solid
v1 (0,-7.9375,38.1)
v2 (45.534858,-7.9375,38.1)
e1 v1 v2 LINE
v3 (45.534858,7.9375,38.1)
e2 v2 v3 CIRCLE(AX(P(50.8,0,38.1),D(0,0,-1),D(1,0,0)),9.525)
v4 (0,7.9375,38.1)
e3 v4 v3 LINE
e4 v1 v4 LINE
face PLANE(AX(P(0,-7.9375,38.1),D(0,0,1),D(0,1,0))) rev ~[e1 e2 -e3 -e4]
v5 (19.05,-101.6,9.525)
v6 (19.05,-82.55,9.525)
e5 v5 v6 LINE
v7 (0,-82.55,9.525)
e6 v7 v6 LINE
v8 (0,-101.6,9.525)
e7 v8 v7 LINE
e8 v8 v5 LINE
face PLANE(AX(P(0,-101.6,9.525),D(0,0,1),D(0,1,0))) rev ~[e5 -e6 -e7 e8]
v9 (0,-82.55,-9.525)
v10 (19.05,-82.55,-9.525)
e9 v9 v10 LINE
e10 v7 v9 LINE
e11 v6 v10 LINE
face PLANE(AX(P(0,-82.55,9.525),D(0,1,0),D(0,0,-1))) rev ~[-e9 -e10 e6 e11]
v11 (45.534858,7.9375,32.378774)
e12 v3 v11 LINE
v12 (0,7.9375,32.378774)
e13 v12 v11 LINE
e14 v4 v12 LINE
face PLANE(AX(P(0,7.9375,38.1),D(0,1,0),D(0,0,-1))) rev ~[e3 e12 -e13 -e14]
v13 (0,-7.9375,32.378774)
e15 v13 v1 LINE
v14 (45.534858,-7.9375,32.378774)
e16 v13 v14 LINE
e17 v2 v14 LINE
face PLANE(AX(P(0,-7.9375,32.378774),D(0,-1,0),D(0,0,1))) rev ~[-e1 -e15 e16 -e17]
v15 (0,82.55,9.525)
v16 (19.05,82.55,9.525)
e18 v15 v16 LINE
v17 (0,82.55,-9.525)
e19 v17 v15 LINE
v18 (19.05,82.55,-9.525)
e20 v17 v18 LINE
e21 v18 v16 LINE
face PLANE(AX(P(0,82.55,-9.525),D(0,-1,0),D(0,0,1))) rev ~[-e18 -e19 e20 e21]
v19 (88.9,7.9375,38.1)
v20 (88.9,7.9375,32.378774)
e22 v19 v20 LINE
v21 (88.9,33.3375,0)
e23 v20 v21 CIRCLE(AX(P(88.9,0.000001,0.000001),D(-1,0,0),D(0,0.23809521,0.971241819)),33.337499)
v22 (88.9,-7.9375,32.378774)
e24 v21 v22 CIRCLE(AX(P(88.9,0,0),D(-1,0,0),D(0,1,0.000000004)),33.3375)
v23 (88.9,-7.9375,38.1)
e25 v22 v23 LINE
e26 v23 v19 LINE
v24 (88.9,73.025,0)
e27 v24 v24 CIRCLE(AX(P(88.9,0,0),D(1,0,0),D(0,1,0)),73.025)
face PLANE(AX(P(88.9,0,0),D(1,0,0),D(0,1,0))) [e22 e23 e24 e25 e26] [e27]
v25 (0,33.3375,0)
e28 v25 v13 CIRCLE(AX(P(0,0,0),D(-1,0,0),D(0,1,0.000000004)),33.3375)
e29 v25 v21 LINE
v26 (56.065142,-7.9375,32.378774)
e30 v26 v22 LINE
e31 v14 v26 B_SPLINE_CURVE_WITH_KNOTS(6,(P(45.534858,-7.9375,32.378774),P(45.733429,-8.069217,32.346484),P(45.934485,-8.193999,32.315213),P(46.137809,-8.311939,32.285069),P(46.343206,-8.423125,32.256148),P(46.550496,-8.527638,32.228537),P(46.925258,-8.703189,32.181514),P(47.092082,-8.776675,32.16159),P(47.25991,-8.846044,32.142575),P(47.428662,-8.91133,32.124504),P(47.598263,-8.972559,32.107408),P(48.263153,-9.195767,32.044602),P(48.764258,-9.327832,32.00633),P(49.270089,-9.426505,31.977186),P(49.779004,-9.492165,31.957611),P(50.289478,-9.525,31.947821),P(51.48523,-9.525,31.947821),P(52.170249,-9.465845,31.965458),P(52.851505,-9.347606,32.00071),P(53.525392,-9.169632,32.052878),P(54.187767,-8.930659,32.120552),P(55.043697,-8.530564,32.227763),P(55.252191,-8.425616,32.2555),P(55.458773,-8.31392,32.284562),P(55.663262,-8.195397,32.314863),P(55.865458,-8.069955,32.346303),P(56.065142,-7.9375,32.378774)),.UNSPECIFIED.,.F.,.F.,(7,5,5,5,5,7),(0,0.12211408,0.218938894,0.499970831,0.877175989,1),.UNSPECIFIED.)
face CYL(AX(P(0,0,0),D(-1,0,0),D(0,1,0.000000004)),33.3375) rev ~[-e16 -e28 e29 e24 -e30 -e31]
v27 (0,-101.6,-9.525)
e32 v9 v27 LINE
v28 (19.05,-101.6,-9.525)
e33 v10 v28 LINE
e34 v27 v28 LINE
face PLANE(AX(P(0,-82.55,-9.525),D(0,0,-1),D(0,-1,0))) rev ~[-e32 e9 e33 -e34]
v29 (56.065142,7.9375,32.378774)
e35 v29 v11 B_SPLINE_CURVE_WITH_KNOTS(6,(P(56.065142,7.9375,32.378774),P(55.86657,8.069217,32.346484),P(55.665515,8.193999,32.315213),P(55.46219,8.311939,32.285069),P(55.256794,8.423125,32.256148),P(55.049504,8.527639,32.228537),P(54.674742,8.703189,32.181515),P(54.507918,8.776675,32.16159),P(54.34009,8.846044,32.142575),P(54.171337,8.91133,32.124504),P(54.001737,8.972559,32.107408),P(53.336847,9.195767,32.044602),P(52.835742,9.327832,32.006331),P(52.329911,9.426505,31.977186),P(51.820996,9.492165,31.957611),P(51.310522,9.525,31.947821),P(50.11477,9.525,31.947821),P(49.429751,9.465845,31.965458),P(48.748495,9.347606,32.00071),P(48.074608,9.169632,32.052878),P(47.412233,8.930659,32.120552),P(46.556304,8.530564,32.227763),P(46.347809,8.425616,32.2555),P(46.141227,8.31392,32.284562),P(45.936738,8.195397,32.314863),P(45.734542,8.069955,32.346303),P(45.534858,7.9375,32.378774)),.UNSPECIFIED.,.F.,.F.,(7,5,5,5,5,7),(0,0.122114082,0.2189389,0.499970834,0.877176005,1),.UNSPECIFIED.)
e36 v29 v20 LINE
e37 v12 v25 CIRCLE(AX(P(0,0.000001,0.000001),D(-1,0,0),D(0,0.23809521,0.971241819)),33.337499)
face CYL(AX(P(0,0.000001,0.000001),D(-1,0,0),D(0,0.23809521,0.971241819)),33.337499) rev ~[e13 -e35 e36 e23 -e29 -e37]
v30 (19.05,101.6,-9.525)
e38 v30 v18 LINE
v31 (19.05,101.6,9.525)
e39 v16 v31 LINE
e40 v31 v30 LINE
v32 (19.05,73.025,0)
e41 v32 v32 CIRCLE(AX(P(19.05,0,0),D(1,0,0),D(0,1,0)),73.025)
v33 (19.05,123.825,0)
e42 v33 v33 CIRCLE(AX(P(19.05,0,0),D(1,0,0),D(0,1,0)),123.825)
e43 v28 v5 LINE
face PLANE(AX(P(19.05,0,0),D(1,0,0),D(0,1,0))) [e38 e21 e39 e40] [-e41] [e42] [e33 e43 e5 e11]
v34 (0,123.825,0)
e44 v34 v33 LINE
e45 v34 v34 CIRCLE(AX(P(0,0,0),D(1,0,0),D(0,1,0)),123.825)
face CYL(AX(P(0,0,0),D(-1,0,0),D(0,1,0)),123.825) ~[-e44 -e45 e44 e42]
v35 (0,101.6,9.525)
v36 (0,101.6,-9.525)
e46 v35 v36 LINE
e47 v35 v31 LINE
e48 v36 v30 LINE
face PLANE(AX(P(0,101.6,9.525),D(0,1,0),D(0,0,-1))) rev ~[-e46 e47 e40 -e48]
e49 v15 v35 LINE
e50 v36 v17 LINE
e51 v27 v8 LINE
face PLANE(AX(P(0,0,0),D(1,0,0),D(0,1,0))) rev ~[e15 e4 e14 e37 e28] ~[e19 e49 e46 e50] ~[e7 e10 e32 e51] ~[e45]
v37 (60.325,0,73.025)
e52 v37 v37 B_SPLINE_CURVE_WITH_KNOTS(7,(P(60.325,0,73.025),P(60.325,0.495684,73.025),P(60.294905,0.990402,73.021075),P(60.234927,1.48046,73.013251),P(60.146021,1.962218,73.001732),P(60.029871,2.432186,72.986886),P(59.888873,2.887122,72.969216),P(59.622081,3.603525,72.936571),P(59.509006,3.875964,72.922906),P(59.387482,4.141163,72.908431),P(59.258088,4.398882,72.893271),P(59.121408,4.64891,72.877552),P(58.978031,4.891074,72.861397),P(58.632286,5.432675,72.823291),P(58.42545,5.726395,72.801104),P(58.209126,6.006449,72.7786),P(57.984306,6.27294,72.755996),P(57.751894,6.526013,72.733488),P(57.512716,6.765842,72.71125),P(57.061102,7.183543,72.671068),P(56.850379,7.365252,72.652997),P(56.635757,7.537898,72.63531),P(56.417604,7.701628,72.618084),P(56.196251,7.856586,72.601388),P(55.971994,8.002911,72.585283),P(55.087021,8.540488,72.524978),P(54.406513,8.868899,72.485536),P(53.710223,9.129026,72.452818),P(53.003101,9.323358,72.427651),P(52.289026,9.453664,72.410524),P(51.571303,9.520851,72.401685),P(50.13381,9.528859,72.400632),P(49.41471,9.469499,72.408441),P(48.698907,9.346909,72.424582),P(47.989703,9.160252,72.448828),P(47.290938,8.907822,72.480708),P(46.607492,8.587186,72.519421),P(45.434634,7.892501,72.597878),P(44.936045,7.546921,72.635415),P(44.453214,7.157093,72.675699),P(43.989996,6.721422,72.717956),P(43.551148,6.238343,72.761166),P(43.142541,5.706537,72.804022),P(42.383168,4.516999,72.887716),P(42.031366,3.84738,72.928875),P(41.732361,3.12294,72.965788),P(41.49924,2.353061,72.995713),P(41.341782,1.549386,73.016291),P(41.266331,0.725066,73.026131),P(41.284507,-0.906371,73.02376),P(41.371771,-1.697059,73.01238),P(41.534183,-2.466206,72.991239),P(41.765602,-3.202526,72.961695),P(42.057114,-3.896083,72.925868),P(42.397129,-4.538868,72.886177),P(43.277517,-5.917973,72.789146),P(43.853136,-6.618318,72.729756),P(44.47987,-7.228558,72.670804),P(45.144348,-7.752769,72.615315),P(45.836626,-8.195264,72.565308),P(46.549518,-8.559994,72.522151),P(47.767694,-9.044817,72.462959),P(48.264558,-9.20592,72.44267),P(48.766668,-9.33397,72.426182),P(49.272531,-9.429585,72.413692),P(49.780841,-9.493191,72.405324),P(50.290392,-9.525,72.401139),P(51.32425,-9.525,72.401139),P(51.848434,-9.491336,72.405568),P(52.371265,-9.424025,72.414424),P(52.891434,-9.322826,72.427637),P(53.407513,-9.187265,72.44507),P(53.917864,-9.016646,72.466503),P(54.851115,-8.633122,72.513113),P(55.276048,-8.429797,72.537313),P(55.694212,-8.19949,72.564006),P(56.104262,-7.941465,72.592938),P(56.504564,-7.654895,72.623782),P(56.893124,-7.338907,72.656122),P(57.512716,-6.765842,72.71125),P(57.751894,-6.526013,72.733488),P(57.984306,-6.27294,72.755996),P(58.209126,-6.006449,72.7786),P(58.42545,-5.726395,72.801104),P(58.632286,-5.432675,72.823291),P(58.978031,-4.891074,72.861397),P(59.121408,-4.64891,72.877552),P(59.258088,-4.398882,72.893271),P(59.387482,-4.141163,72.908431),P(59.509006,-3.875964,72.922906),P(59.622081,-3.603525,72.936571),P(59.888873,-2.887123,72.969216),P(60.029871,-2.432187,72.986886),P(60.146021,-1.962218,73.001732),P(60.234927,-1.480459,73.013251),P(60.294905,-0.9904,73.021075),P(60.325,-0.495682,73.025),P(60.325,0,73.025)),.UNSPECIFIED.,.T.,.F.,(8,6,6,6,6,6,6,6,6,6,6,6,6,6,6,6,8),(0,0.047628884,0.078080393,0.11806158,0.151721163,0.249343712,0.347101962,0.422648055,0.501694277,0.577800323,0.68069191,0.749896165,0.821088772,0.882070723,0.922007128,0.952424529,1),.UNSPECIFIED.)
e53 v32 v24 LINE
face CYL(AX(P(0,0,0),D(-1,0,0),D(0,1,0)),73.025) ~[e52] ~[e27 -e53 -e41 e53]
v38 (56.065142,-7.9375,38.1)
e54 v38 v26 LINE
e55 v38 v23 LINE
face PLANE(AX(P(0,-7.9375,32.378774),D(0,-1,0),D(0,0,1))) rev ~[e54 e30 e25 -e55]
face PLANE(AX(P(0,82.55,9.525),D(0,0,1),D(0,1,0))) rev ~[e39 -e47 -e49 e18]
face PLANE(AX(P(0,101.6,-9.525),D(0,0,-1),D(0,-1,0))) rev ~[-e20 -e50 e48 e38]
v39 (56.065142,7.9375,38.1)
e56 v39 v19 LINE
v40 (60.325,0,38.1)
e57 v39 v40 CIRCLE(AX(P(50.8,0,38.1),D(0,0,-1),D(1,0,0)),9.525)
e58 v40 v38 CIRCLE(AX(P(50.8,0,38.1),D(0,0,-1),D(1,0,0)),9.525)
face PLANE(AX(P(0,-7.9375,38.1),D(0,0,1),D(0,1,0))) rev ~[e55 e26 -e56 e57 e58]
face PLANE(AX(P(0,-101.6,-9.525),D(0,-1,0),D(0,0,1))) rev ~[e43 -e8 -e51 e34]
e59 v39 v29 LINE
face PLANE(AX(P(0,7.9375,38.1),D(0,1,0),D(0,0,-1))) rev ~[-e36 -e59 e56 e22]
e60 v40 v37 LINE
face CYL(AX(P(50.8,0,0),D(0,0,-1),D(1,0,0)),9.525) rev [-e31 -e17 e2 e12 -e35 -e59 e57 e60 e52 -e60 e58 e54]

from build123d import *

# Parameters (mm, degrees)
F0_R     = 73.025
F1_DEPTH = 88.9
F0_R_2   = 123.825
F2_DEPTH = 19.05
F3_R     = 9.525
F4_DEPTH = 123.826


with BuildPart() as f1:
    # F0 (on Right) → F1 (new body)
    with BuildSketch(Plane.YZ):
        Circle(F0_R)
        with BuildLine():
            ThreePointArc((7.9375, 32.378774), (26.229805, 20.576352), (33.3375, 0))
            ThreePointArc((33.3375, 0), (-20.576352, -26.229805), (-7.9375, 32.378774))
            Line((-7.9375, 32.378774), (-7.9375, 38.1))
            Line((-7.9375, 38.1), (7.9375, 38.1))
            Line((7.9375, 38.1), (7.9375, 32.378774))
        make_face(mode=Mode.SUBTRACT)
    extrude(amount=F1_DEPTH)

    # F0 (on Right) → F2 (join)
    with BuildSketch(Plane.YZ):
        Circle(F0_R_2)
        Polygon((-101.6, -9.525), (-101.6, 9.525), (-82.55, 9.525), (-82.55, 0), (-82.55, -9.525), align=None, mode=Mode.SUBTRACT)
        Circle(F0_R, mode=Mode.SUBTRACT)
        Polygon((82.55, 0), (82.55, 9.525), (101.6, 9.525), (101.6, -9.525), (82.55, -9.525), align=None, mode=Mode.SUBTRACT)
    extrude(amount=F2_DEPTH)

    # F3 (on Top) → F4 (cut, through all)
    with BuildSketch(Plane.XY):
        with Locations((50.8, 0)):
            Circle(F3_R)
    extrude(amount=F4_DEPTH, mode=Mode.SUBTRACT)


solid = f1.part
